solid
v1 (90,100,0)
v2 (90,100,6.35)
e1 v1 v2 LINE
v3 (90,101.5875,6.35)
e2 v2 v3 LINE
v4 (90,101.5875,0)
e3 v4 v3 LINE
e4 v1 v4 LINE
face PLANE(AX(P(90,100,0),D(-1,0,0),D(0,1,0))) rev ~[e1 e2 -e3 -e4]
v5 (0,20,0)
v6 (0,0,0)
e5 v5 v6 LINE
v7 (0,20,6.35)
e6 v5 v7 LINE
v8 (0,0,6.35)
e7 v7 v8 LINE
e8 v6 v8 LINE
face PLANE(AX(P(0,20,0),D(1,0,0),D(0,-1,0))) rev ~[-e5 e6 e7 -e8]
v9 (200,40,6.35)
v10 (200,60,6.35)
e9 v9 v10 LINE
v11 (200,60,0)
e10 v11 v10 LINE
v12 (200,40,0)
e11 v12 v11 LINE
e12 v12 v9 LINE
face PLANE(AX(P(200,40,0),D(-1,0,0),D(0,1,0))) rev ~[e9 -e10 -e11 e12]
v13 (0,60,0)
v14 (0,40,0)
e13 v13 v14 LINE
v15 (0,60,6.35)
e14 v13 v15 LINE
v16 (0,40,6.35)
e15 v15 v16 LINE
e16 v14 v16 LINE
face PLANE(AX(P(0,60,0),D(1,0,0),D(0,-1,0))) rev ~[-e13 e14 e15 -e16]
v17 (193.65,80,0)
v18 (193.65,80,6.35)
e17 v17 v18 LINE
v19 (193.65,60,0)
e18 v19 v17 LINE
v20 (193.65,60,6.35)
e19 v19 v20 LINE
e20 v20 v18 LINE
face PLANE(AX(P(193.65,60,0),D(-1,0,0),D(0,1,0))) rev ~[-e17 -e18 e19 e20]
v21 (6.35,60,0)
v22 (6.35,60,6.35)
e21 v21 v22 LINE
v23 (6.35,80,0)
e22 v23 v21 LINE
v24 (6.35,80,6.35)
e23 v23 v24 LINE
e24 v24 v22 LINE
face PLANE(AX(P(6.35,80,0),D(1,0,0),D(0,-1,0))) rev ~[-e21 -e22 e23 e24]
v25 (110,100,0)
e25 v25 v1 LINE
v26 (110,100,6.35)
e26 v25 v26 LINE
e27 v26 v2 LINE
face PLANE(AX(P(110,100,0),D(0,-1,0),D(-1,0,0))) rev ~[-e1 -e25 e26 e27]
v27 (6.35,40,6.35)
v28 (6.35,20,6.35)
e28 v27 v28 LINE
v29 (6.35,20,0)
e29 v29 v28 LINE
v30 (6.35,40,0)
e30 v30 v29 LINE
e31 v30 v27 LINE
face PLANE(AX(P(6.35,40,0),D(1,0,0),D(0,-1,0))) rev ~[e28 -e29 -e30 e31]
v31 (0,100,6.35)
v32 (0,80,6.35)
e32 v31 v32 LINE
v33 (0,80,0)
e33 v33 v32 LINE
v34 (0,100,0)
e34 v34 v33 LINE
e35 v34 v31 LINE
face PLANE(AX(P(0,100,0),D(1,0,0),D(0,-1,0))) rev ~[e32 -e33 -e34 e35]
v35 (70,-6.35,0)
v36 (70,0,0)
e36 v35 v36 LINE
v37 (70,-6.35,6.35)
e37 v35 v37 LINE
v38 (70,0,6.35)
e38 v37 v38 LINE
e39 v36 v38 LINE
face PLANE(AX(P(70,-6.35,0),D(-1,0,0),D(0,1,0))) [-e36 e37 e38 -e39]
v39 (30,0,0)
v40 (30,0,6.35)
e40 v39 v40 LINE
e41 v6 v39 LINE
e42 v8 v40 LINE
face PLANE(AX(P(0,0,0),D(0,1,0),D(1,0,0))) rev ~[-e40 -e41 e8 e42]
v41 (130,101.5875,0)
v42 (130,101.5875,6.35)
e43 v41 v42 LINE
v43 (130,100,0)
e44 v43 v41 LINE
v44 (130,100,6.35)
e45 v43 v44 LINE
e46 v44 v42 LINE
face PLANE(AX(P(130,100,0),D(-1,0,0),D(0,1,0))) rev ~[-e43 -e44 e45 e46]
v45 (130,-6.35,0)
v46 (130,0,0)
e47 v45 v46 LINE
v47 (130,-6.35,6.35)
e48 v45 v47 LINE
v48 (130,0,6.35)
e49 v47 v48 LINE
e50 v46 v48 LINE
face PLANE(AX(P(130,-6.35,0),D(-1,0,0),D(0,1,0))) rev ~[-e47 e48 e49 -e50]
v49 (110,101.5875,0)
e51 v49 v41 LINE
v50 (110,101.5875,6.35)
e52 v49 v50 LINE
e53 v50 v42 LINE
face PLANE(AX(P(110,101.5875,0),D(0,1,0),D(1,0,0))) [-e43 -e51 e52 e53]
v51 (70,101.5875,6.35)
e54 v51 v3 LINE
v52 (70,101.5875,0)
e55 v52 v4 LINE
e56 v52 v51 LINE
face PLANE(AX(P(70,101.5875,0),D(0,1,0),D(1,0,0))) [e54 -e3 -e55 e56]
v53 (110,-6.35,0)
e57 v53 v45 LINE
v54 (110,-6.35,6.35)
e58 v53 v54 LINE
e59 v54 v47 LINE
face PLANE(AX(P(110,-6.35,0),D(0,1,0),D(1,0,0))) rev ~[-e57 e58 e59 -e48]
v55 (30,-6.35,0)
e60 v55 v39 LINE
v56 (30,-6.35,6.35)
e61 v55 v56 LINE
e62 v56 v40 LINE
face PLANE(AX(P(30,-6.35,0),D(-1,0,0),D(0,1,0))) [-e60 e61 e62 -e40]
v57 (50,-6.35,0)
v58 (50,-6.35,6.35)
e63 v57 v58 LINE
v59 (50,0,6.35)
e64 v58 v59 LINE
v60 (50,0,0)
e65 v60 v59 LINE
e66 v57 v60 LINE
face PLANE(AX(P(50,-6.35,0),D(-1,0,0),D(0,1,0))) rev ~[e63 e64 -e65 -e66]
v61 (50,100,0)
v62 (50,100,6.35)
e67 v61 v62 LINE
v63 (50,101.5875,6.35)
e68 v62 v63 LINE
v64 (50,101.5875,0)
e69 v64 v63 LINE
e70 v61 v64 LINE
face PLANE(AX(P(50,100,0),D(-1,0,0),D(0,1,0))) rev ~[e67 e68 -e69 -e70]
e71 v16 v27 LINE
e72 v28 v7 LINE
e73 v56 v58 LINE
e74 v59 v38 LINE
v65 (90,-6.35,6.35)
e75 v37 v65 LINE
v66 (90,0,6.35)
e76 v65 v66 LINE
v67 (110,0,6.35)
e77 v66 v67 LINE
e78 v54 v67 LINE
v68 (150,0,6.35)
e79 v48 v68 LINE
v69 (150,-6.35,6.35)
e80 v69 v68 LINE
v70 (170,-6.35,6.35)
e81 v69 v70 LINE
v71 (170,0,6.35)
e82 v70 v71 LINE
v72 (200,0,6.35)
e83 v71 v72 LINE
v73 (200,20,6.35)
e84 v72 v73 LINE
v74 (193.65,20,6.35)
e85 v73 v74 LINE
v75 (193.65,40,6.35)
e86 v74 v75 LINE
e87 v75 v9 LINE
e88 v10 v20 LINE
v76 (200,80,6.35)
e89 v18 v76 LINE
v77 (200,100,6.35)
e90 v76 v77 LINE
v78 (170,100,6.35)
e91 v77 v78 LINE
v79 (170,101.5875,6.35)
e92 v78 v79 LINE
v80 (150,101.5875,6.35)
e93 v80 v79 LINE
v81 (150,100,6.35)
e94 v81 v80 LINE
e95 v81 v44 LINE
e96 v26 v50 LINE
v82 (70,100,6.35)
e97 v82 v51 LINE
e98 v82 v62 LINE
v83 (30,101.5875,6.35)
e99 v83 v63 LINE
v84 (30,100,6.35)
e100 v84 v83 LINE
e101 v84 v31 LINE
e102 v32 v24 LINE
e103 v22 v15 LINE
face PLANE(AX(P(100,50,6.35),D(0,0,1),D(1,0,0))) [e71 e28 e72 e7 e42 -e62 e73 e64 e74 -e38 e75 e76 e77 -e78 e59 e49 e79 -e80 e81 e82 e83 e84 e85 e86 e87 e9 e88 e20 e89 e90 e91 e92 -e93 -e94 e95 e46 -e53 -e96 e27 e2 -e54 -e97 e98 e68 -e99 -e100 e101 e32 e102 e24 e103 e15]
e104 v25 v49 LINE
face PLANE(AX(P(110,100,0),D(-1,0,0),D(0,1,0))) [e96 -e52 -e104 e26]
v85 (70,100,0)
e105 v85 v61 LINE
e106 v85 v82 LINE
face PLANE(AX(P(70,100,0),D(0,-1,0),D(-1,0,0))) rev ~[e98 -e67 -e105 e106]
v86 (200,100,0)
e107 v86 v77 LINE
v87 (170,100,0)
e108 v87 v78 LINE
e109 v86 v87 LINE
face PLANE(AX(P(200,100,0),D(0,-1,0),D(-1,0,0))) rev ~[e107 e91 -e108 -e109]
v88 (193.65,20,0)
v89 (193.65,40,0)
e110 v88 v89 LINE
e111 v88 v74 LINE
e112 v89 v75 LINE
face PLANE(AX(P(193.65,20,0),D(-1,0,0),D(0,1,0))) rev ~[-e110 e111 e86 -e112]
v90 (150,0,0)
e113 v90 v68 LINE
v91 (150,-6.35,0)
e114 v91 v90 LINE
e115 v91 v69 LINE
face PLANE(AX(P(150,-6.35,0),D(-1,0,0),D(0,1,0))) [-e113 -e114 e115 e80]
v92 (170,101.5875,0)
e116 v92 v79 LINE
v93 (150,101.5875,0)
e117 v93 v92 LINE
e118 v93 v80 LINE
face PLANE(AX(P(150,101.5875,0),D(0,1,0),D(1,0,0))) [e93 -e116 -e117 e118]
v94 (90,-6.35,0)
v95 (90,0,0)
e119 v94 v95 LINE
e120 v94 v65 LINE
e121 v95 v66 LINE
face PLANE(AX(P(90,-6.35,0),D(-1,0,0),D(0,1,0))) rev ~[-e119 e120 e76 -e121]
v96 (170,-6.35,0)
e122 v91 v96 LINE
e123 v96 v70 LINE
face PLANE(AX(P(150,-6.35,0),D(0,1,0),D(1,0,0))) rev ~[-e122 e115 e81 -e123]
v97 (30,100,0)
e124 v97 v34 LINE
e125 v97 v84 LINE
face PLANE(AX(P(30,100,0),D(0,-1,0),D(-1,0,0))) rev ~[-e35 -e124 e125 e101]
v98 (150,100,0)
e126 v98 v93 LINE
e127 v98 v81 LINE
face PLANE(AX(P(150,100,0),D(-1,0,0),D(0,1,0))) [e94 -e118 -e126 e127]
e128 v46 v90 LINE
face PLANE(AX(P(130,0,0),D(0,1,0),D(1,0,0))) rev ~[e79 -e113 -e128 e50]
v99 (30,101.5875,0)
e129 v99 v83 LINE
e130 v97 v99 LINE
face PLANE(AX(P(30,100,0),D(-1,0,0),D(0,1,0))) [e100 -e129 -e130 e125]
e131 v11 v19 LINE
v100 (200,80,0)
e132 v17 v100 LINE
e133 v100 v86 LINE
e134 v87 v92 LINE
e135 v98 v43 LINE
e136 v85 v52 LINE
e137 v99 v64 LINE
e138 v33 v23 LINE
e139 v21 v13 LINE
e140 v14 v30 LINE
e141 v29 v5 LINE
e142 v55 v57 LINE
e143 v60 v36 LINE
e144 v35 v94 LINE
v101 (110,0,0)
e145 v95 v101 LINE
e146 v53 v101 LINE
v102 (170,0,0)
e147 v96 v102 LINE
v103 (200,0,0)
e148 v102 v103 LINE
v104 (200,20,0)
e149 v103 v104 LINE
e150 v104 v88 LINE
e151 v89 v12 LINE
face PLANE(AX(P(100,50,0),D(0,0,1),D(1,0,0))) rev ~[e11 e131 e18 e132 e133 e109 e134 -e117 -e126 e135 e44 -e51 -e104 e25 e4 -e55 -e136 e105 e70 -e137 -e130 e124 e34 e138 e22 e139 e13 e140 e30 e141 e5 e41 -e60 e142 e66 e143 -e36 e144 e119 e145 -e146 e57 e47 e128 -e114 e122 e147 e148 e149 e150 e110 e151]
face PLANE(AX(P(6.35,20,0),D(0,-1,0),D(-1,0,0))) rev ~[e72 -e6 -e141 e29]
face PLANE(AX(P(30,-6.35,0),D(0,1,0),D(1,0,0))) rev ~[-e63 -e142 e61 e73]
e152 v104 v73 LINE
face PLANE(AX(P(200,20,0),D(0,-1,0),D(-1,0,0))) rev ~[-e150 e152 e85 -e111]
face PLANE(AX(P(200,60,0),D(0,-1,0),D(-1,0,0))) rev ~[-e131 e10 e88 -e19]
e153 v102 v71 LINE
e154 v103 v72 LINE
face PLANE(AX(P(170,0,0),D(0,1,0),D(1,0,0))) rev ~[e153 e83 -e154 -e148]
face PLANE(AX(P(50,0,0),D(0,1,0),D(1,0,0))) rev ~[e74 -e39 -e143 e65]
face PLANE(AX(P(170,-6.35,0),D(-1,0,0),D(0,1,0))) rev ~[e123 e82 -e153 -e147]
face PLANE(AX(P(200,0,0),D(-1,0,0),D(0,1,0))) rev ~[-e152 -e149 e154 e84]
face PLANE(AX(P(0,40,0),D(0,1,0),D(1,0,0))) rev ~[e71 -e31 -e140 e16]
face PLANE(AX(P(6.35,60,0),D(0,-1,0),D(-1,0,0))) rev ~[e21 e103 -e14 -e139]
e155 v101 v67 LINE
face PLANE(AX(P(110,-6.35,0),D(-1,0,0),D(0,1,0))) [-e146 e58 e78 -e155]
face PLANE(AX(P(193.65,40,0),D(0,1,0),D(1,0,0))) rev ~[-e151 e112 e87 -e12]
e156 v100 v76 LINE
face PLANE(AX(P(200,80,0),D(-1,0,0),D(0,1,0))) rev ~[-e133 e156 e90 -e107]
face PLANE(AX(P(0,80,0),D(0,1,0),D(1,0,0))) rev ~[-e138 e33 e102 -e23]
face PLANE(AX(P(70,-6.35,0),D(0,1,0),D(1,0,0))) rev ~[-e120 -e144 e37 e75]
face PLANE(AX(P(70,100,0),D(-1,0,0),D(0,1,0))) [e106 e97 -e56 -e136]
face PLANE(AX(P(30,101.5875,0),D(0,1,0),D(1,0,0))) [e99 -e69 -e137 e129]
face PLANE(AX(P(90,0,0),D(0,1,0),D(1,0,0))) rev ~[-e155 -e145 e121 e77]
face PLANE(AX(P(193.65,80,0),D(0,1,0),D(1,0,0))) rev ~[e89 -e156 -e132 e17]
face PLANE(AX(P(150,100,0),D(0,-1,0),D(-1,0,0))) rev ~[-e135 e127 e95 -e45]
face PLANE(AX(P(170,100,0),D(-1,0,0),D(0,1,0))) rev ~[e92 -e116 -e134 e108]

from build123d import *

# Parameters (mm, degrees)
SKETCH1_W           = 20
SKETCH1_H           = 6.35
SKETCH1_H_2         = 1.5875
BOSS_EXTRUDE1_DEPTH = 6.35


with BuildPart() as part:
    # Sketch1 → Boss-Extrude1 (new body)
    with BuildSketch(Plane.XY):
        Polygon((0, 20), (0, 0), (30, 0), (50, 0), (70, 0), (90, 0), (110, 0), (130, 0), (150, 0), (170, 0), (200, 0), (200, 20), (193.65, 20), (193.65, 40), (200, 40), (200, 60), (193.65, 60), (193.65, 80), (200, 80), (200, 100), (170, 100), (150, 100), (130, 100), (110, 100), (90, 100), (70, 100), (50, 100), (30, 100), (0, 100), (0, 80), (6.35, 80), (6.35, 60), (0, 60), (0, 40), (6.35, 40), (6.35, 20), align=None)
        with Locations((40, -3.175)):
            Rectangle(SKETCH1_W, SKETCH1_H)
        with Locations((80, -3.175)):
            Rectangle(SKETCH1_W, SKETCH1_H)
        with Locations((120, -3.175)):
            Rectangle(SKETCH1_W, SKETCH1_H)
        with Locations((160, -3.175)):
            Rectangle(SKETCH1_W, SKETCH1_H)
        with Locations((40, 100.79375)):
            Rectangle(SKETCH1_W, SKETCH1_H_2)
        with Locations((80, 100.79375)):
            Rectangle(SKETCH1_W, SKETCH1_H_2)
        with Locations((120, 100.79375)):
            Rectangle(SKETCH1_W, SKETCH1_H_2)
        with Locations((160, 100.79375)):
            Rectangle(SKETCH1_W, SKETCH1_H_2)
    extrude(amount=BOSS_EXTRUDE1_DEPTH)


solid = part.part
